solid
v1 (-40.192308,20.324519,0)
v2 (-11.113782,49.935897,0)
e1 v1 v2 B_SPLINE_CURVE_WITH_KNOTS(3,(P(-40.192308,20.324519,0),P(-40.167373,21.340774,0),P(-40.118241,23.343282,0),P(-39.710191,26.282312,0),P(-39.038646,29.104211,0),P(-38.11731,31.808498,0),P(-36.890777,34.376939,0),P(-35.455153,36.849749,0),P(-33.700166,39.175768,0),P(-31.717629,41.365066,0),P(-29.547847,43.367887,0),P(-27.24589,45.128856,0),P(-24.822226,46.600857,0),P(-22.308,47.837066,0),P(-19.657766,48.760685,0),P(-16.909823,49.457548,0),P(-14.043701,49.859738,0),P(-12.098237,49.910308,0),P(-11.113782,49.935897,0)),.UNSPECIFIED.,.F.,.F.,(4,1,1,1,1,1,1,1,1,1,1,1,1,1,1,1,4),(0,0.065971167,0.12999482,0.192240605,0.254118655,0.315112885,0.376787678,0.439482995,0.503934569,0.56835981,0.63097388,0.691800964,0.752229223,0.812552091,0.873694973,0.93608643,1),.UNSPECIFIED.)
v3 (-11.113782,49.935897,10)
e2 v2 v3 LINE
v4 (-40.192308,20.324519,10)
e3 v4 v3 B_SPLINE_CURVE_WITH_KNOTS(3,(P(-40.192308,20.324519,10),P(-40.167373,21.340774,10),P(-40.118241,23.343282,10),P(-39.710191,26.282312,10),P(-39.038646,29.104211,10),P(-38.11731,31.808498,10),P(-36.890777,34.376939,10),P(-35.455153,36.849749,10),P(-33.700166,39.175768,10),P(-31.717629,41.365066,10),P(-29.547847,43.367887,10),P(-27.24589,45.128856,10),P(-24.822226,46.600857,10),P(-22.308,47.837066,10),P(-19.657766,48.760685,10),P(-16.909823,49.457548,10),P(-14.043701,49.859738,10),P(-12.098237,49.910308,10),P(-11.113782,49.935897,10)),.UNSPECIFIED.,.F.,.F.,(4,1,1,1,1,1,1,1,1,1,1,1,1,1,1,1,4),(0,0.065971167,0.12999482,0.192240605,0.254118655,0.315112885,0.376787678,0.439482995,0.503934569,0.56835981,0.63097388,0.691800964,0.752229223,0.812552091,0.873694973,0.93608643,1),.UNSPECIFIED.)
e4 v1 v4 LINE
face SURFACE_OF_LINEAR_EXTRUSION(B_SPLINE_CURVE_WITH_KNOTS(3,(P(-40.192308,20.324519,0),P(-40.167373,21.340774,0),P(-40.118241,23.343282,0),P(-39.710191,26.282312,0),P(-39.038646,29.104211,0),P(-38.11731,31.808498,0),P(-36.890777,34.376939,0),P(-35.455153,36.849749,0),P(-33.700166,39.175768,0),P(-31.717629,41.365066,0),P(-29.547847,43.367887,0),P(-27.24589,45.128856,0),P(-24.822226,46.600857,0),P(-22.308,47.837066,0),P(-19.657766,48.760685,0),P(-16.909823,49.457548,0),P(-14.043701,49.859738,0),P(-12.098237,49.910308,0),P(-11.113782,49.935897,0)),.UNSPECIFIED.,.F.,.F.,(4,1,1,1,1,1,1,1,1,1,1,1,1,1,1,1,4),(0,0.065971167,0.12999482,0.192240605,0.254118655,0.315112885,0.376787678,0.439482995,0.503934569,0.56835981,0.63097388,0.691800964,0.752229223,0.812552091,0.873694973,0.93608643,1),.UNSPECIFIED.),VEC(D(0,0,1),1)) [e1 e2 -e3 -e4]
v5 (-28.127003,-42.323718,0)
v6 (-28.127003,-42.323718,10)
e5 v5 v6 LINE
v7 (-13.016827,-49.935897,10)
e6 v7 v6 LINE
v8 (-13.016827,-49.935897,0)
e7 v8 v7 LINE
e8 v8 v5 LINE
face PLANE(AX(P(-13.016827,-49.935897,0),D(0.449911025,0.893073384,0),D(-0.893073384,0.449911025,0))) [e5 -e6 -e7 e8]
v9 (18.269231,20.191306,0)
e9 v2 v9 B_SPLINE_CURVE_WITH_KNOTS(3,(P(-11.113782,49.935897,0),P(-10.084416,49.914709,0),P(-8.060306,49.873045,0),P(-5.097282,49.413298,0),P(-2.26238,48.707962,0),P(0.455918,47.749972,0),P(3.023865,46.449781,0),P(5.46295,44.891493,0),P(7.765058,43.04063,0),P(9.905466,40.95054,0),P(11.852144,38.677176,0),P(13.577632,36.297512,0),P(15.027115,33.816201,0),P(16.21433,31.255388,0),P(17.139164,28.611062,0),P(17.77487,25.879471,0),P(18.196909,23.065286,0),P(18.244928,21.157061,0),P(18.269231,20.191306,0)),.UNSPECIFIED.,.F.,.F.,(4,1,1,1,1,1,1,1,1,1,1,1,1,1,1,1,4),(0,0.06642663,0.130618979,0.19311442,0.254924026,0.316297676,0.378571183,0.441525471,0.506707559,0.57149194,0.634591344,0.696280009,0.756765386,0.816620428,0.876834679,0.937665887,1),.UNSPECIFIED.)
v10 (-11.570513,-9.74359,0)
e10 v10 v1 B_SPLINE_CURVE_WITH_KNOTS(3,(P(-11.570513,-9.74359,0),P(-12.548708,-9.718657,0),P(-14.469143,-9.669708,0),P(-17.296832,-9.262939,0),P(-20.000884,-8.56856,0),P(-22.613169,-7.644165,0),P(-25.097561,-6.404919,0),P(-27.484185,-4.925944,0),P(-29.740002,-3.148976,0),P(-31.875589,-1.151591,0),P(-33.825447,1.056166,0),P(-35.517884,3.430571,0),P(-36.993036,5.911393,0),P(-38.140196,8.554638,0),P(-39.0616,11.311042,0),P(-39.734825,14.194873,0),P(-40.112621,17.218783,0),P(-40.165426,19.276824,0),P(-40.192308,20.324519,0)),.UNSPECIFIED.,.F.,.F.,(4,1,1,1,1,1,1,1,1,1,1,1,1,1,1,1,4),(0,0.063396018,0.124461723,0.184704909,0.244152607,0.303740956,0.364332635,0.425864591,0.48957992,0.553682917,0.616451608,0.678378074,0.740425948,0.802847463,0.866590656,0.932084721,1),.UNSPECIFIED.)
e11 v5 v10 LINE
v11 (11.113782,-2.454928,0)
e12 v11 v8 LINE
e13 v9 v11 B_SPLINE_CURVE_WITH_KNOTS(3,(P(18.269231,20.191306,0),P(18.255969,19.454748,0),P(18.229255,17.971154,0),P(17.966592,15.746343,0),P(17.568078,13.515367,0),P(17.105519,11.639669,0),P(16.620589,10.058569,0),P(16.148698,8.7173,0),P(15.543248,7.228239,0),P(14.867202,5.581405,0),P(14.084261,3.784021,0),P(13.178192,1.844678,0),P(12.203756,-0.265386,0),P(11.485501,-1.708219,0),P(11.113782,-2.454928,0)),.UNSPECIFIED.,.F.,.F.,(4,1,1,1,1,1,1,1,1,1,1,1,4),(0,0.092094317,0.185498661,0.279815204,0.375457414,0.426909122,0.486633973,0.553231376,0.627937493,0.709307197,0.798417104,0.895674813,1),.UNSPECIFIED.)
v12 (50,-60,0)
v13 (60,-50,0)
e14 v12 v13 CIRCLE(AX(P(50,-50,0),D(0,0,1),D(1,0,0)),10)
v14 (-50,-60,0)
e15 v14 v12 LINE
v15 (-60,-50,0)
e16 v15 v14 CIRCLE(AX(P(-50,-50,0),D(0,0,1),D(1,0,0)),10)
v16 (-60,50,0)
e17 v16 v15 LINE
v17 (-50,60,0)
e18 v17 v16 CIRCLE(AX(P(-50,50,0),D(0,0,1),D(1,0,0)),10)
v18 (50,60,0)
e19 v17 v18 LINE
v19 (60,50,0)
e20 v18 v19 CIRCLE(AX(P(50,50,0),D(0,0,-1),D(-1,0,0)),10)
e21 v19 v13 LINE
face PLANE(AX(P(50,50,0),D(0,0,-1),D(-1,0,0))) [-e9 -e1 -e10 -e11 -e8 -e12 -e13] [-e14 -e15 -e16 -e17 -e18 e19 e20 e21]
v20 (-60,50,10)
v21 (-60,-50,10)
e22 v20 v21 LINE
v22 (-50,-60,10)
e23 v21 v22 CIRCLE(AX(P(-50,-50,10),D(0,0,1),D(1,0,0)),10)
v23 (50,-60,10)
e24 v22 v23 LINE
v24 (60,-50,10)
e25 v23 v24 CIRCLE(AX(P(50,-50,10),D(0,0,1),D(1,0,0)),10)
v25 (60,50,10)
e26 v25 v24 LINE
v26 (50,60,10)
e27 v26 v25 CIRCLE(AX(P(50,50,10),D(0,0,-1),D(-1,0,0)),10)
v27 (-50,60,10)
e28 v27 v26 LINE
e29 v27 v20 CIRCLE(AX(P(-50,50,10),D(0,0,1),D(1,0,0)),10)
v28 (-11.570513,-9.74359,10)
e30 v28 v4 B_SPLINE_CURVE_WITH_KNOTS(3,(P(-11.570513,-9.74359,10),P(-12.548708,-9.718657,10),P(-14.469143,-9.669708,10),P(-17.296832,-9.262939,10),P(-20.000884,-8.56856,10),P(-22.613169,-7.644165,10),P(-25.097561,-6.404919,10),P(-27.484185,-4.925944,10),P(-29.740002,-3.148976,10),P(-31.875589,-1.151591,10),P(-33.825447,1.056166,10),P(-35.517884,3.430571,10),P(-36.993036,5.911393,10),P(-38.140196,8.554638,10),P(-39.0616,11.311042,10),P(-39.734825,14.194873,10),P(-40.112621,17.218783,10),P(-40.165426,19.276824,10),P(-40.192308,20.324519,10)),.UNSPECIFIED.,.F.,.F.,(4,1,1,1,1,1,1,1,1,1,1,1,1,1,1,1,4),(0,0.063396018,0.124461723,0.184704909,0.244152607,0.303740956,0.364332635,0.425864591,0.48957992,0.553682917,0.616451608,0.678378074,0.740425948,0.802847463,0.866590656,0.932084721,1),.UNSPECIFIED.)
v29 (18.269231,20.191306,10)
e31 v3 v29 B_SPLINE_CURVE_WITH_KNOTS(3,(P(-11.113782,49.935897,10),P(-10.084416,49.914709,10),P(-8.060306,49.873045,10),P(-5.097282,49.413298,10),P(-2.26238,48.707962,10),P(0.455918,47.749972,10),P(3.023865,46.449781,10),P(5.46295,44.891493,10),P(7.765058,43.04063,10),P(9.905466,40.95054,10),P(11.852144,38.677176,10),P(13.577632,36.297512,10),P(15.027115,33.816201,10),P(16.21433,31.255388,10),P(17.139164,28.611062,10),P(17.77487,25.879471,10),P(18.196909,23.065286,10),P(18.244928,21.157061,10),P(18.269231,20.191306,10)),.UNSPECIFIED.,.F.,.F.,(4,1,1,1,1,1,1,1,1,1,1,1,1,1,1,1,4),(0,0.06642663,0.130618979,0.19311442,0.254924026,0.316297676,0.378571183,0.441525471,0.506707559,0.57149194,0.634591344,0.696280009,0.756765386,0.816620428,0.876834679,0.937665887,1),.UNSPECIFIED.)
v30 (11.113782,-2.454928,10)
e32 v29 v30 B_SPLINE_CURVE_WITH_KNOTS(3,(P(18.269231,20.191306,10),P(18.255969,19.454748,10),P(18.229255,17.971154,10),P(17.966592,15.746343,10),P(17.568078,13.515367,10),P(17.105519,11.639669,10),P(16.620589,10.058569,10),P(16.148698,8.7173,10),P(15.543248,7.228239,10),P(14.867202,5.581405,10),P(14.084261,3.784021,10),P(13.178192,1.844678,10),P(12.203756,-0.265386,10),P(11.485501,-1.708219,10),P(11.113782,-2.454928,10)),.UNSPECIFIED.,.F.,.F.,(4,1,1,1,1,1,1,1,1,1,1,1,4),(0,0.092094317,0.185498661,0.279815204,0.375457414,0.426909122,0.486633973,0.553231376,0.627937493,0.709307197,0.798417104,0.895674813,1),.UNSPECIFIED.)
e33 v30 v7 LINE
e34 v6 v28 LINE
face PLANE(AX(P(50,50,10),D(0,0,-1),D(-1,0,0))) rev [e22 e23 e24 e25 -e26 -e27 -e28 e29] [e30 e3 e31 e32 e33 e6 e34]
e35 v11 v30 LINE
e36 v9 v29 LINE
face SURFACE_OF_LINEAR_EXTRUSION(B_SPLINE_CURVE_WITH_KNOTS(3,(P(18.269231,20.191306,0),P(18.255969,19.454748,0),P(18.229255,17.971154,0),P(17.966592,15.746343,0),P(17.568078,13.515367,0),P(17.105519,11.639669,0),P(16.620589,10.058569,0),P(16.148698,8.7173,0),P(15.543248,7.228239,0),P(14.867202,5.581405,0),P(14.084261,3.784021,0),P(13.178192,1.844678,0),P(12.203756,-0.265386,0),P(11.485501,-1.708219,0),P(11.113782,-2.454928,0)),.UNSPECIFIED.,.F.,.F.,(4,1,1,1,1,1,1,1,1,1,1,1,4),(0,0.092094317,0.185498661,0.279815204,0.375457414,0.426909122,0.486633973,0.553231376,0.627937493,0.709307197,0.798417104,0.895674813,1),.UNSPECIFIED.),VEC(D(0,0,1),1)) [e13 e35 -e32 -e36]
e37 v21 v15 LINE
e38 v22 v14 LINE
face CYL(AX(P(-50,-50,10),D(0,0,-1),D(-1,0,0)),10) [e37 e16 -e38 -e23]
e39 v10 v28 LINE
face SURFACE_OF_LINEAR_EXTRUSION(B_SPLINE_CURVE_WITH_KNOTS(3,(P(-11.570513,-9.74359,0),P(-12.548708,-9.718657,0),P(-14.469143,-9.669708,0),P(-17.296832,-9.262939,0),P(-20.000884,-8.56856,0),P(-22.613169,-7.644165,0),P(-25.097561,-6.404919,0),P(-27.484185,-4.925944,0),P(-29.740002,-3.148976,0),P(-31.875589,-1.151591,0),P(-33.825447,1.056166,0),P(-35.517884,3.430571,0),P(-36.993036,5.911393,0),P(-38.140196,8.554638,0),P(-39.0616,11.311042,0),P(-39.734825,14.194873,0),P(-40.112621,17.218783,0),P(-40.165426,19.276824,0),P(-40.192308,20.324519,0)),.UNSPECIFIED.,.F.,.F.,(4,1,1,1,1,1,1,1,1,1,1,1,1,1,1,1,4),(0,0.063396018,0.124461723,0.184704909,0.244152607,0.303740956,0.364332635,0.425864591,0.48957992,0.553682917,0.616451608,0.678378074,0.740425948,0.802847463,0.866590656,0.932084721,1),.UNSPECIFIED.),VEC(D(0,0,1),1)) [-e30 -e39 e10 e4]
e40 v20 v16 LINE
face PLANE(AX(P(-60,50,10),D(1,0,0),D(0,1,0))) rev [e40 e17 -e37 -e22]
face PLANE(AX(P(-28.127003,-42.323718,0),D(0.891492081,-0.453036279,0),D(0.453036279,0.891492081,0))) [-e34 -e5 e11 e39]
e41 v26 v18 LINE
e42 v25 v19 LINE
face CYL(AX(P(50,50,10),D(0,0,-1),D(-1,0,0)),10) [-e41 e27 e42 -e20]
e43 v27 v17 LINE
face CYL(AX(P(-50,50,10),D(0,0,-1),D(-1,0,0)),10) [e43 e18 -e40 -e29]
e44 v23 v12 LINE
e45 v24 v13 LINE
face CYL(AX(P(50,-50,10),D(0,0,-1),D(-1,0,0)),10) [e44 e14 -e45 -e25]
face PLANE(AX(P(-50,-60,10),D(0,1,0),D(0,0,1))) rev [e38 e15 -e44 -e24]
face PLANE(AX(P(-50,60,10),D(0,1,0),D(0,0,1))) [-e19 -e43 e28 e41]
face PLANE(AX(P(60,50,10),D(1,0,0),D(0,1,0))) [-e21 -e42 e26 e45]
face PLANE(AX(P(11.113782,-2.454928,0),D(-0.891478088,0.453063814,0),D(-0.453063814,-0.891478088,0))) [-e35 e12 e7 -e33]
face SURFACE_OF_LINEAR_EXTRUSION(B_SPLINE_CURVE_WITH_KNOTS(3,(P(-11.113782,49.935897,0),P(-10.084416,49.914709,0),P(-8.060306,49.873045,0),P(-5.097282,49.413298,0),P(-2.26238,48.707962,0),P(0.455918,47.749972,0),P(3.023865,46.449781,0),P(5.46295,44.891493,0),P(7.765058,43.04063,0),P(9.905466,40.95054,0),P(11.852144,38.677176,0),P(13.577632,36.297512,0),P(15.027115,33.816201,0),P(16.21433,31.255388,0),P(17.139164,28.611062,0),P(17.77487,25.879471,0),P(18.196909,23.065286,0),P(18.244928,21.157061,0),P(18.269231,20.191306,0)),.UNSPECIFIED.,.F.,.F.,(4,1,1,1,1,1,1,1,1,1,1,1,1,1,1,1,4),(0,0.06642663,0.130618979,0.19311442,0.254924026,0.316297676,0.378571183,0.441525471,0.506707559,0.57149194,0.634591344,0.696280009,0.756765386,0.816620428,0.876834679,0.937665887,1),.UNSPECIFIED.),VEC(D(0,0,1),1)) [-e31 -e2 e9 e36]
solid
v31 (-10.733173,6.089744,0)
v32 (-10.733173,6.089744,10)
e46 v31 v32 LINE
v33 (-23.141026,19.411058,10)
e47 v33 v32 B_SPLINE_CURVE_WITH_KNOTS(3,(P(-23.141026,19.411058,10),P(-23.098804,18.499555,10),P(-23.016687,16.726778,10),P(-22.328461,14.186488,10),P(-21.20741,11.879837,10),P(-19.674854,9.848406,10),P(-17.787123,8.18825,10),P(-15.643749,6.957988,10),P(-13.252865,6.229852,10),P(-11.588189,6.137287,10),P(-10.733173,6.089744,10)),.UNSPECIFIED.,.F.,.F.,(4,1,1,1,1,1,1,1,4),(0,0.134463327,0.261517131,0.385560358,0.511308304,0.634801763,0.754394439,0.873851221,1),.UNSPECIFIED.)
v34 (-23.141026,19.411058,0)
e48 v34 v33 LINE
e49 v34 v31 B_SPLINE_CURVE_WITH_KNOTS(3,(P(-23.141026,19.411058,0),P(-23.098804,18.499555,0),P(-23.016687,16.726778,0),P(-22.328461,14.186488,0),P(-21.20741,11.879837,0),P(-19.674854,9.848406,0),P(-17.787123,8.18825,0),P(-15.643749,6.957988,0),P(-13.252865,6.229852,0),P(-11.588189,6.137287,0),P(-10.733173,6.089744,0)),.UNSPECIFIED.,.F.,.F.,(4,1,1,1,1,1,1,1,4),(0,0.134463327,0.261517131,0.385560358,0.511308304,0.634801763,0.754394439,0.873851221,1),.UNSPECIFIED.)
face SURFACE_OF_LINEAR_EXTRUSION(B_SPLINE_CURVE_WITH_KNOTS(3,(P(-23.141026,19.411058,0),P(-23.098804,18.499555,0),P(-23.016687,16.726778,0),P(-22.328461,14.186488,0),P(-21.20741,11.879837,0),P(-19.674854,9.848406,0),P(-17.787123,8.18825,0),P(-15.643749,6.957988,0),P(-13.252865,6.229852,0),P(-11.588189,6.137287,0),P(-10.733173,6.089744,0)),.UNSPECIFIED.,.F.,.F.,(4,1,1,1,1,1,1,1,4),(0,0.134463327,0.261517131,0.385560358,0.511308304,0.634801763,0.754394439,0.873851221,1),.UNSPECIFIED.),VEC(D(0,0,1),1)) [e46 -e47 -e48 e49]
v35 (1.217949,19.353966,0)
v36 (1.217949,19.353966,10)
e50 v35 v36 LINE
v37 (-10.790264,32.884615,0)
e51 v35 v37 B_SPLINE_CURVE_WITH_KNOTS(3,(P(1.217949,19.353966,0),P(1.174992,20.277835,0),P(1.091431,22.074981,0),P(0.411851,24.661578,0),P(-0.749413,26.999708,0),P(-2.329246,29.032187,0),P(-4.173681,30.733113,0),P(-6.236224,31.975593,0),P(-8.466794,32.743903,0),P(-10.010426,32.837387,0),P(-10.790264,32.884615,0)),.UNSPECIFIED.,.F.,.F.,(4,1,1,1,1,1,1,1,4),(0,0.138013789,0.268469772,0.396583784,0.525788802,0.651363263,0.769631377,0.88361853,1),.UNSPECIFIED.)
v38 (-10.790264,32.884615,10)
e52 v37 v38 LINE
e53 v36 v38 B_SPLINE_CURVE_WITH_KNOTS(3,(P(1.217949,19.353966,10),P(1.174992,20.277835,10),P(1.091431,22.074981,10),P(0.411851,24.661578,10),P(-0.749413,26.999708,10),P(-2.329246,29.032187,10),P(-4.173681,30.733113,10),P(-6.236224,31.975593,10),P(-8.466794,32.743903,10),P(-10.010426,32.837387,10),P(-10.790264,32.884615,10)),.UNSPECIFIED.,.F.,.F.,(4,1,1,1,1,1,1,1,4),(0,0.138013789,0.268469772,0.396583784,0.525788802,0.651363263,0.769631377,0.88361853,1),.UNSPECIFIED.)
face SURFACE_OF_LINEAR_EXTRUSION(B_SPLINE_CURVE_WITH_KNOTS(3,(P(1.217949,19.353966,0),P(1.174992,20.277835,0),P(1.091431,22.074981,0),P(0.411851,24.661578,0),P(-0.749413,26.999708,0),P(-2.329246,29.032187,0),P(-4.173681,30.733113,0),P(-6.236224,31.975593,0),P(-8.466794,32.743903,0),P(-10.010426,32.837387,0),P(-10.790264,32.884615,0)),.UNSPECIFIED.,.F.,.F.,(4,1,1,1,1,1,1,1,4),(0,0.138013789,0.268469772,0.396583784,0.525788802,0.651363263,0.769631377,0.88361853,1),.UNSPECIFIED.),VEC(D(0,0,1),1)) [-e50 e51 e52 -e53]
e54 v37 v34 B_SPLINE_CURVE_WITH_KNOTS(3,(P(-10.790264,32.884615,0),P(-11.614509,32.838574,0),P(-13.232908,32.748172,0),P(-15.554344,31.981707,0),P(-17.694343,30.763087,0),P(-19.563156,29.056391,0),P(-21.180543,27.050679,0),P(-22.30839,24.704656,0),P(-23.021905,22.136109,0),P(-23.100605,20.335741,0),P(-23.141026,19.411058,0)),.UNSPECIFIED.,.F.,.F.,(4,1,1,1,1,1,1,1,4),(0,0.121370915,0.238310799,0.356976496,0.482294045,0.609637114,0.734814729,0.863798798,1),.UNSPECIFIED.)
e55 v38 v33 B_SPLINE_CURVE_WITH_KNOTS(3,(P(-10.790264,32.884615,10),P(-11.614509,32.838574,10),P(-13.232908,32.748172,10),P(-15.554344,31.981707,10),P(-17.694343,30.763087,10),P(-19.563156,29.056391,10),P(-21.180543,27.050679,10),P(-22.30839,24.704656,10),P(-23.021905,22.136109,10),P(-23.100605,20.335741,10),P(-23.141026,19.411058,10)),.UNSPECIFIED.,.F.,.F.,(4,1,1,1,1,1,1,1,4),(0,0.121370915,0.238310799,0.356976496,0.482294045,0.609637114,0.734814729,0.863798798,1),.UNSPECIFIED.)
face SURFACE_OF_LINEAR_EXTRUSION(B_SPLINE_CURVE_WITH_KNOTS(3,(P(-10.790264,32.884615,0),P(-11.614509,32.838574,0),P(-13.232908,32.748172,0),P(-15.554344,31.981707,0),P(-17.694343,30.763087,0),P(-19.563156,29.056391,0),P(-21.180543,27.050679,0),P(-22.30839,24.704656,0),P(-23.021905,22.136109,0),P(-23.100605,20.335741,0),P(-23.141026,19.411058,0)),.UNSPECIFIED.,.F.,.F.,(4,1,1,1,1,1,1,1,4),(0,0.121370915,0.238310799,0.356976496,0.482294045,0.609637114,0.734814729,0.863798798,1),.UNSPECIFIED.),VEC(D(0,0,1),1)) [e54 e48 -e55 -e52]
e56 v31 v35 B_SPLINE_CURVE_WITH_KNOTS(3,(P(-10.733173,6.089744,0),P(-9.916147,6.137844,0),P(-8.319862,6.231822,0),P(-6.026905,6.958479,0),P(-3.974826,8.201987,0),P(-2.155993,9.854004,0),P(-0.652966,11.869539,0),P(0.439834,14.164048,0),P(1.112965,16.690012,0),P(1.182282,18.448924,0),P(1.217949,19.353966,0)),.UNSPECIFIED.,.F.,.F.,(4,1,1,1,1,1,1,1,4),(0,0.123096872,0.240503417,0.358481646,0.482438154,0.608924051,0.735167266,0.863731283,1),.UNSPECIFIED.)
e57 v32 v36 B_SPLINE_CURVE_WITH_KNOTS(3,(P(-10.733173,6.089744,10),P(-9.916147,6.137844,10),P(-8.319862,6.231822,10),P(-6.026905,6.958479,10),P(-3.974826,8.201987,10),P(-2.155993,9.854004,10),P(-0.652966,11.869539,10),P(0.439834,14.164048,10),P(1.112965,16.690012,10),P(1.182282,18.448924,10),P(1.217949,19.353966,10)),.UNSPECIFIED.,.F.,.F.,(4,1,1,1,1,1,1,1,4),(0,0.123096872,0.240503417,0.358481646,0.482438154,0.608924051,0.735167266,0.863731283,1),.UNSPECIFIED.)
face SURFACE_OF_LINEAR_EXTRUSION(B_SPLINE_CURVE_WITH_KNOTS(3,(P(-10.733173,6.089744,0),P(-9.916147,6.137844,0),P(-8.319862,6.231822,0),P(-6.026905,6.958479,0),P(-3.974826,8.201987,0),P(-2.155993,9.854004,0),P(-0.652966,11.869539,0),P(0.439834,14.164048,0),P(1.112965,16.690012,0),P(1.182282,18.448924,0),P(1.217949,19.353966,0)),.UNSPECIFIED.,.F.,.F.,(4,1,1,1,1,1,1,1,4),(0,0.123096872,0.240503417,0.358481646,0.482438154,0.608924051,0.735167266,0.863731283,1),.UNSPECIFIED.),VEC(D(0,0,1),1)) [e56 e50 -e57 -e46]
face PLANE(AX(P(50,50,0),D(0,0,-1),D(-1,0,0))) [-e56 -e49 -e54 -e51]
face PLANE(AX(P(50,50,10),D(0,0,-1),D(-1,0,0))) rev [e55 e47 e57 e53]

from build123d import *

# Parameters (mm, degrees)
BOSS_EXTRUDE1_DEPTH = 10
CUT_EXTRUDE8_DEPTH  = 10


with BuildPart() as part:
    # Sketch1 → Boss-Extrude1 (new body)
    with BuildSketch(Plane.XY):
        with BuildLine():
            Line((-50, 60), (50, 60))
            ThreePointArc((50, 60), (57.071067812, 57.071067812), (60, 50))
            Line((60, 50), (60, -50))
            ThreePointArc((60, -50), (57.071067812, -57.071067812), (50, -60))
            Line((50, -60), (-50, -60))
            ThreePointArc((-50, -60), (-57.071067812, -57.071067812), (-60, -50))
            Line((-60, -50), (-60, 50))
            ThreePointArc((-60, 50), (-57.071067812, 57.071067812), (-50, 60))
        make_face()
    extrude(amount=BOSS_EXTRUDE1_DEPTH)

    # Sketch2 → Cut-Extrude8 (cut)
    with BuildSketch(Plane.XY.offset(10)):
        with BuildLine():
            Line((-13.016826923, -49.935897436), (-28.127003205, -42.323717949))
            Line((-28.127003205, -42.323717949), (-11.570512821, -9.743589744))
            add(Edge.make_bspline(
                [(-11.570512821, -9.743589744), (-12.548708278, -9.718656842), (-14.469142635, -9.669707523), (-17.296832406, -9.262939126), (-20.000884053, -8.568559514), (-22.613169441, -7.64416532), (-25.097561488, -6.404919118), (-27.484185435, -4.925943808), (-29.740002339, -3.148976233), (-31.875588777, -1.151591204), (-33.825447448, 1.056165786), (-35.517883527, 3.430571064), (-36.993036242, 5.911392925), (-38.140195905, 8.554637717), (-39.061600382, 11.311041924), (-39.734824953, 14.194872996), (-40.112620777, 17.218783333), (-40.165425938, 19.276823637), (-40.192307692, 20.324519231)],
                knots=[0, 0, 0, 0, 1.014336294, 1.991387562, 2.955278539, 3.906441712, 4.859855302, 5.829322156, 6.813833455, 7.833278715, 8.858926674, 9.863225732, 10.85404919, 11.846815163, 12.845559416, 13.865450493, 14.913355531, 16, 16, 16, 16], degree=3))
            add(Edge.make_bspline(
                [(-40.192307692, 20.324519231), (-40.1673734, 21.340773633), (-40.118240892, 23.343281906), (-39.710190668, 26.282312375), (-39.038645608, 29.104211007), (-38.117309844, 31.808498403), (-36.890777483, 34.376939083), (-35.455152573, 36.849748868), (-33.70016626, 39.175767992), (-31.717628771, 41.365065794), (-29.547846705, 43.367886729), (-27.245890069, 45.128855775), (-24.822225522, 46.600856692), (-22.307999558, 47.837065907), (-19.657765713, 48.76068453), (-16.909822836, 49.457547936), (-14.043700567, 49.859737715), (-12.098236548, 49.910307721), (-11.113782051, 49.935897436)],
                knots=[0, 0, 0, 0, 1.055538678, 2.079917126, 3.075849687, 4.065898488, 5.041806164, 6.028602842, 7.031727914, 8.062953097, 9.093756959, 10.095582084, 11.068815425, 12.035667573, 13.000833448, 13.979119574, 14.977382875, 16, 16, 16, 16], degree=3))
            add(Edge.make_bspline(
                [(-11.113782051, 49.935897436), (-10.084415788, 49.914709044), (-8.060306309, 49.873044939), (-5.097281847, 49.413297973), (-2.262379974, 48.707962029), (0.455917975, 47.749971924), (3.023865475, 46.449781068), (5.462949791, 44.891493271), (7.765057752, 43.040630392), (9.905466416, 40.950540036), (11.852144175, 38.677175718), (13.577631788, 36.297511709), (15.027114637, 33.816200927), (16.214329754, 31.255388219), (17.139164354, 28.611061763), (17.774870277, 25.87947069), (18.196908504, 23.065286139), (18.244928031, 21.15706104), (18.269230769, 20.19130609)],
                knots=[0, 0, 0, 0, 1.062826075, 2.08990367, 3.089830715, 4.078784409, 5.060762809, 6.057138927, 7.064407536, 8.107320944, 9.143871033, 10.153461498, 11.140480137, 12.108246174, 13.065926856, 14.029354859, 15.002654194, 16, 16, 16, 16], degree=3))
            add(Edge.make_bspline(
                [(18.269230769, 20.19130609), (18.255968539, 19.454747721), (18.229255424, 17.971153561), (17.966591792, 15.746343301), (17.568078138, 13.515366757), (17.105518687, 11.639668813), (16.620589451, 10.058569374), (16.14869808, 8.71729972), (15.54324756, 7.228238571), (14.867201538, 5.581405091), (14.084260677, 3.784020843), (13.178192139, 1.844678009), (12.203756224, -0.265385795), (11.485500766, -1.708218659), (11.113782051, -2.454927885)],
                knots=[0, 0, 0, 0, 1.105131805, 2.225983929, 3.357782449, 4.505488967, 5.122909461, 5.839607681, 6.638776516, 7.535249922, 8.51168636, 9.581005249, 10.748097757, 12, 12, 12, 12], degree=3))
            Line((11.113782051, -2.454927885), (-13.016826923, -49.935897436))
        make_face()
        with BuildLine():
            add(Edge.make_bspline(
                [(-10.733173077, 6.08974359), (-9.916146682, 6.137844301), (-8.319862096, 6.2318222), (-6.026905446, 6.958479343), (-3.974825826, 8.201987058), (-2.155993164, 9.85400362), (-0.652965525, 11.869539394), (0.439833923, 14.164047711), (1.112964745, 16.690011833), (1.182281853, 18.448924336), (1.217948718, 19.353966346)],
                knots=[0, 0, 0, 0, 0.984774978, 1.924027336, 2.867853169, 3.859505234, 4.871392407, 5.881338128, 6.909850265, 8, 8, 8, 8], degree=3))
            add(Edge.make_bspline(
                [(1.217948718, 19.353966346), (1.174991867, 20.277835319), (1.091430535, 22.074981053), (0.411851392, 24.661577988), (-0.749412668, 26.999708209), (-2.329245998, 29.032187271), (-4.173680809, 30.733112591), (-6.236224491, 31.975592732), (-8.466794198, 32.743902628), (-10.010426476, 32.837387258), (-10.790264423, 32.884615385)],
                knots=[0, 0, 0, 0, 1.104110315, 2.147758178, 3.172670271, 4.206310416, 5.210906102, 6.157051016, 7.068948237, 8, 8, 8, 8], degree=3))
            add(Edge.make_bspline(
                [(-10.790264423, 32.884615385), (-11.614509362, 32.838574056), (-13.232907553, 32.748172283), (-15.554343685, 31.981707424), (-17.694343378, 30.763087041), (-19.563156483, 29.05639056), (-21.180542563, 27.050678592), (-22.30839003, 24.704656139), (-23.021905441, 22.136109489), (-23.10060496, 20.3357409), (-23.141025641, 19.411057692)],
                knots=[0, 0, 0, 0, 0.970967322, 1.90648639, 2.855811969, 3.858352357, 4.877096915, 5.878517833, 6.91039038, 8, 8, 8, 8], degree=3))
            add(Edge.make_bspline(
                [(-23.141025641, 19.411057692), (-23.098803739, 18.499555164), (-23.016686547, 16.726777924), (-22.328460975, 14.186488067), (-21.20741048, 11.879837023), (-19.67485448, 9.848405883), (-17.787122896, 8.188249657), (-15.643749014, 6.957987809), (-13.252865032, 6.229851869), (-11.588189493, 6.137287052), (-10.733173077, 6.08974359)],
                knots=[0, 0, 0, 0, 1.075706617, 2.092137047, 3.084482865, 4.090466434, 5.0784141, 6.035155512, 6.990809768, 8, 8, 8, 8], degree=3))
        make_face(mode=Mode.SUBTRACT)
    extrude(amount=-CUT_EXTRUDE8_DEPTH, mode=Mode.SUBTRACT)


with BuildPart() as cut_extrude8_piece_1:
    # of the separate pieces the step leaves, piece 1, a body of its own (cut_extrude8_pieces)
    add(part.part.solids().sort_by_distance((-50, 60, 0))[0])


with BuildPart() as cut_extrude8_piece_2:
    # of the separate pieces the step leaves, piece 2, a body of its own (cut_extrude8_pieces)
    add(part.part.solids().sort_by_distance((-10.733173077, 6.08974359, 0))[0])


solid = Compound([cut_extrude8_piece_1.part, cut_extrude8_piece_2.part])
